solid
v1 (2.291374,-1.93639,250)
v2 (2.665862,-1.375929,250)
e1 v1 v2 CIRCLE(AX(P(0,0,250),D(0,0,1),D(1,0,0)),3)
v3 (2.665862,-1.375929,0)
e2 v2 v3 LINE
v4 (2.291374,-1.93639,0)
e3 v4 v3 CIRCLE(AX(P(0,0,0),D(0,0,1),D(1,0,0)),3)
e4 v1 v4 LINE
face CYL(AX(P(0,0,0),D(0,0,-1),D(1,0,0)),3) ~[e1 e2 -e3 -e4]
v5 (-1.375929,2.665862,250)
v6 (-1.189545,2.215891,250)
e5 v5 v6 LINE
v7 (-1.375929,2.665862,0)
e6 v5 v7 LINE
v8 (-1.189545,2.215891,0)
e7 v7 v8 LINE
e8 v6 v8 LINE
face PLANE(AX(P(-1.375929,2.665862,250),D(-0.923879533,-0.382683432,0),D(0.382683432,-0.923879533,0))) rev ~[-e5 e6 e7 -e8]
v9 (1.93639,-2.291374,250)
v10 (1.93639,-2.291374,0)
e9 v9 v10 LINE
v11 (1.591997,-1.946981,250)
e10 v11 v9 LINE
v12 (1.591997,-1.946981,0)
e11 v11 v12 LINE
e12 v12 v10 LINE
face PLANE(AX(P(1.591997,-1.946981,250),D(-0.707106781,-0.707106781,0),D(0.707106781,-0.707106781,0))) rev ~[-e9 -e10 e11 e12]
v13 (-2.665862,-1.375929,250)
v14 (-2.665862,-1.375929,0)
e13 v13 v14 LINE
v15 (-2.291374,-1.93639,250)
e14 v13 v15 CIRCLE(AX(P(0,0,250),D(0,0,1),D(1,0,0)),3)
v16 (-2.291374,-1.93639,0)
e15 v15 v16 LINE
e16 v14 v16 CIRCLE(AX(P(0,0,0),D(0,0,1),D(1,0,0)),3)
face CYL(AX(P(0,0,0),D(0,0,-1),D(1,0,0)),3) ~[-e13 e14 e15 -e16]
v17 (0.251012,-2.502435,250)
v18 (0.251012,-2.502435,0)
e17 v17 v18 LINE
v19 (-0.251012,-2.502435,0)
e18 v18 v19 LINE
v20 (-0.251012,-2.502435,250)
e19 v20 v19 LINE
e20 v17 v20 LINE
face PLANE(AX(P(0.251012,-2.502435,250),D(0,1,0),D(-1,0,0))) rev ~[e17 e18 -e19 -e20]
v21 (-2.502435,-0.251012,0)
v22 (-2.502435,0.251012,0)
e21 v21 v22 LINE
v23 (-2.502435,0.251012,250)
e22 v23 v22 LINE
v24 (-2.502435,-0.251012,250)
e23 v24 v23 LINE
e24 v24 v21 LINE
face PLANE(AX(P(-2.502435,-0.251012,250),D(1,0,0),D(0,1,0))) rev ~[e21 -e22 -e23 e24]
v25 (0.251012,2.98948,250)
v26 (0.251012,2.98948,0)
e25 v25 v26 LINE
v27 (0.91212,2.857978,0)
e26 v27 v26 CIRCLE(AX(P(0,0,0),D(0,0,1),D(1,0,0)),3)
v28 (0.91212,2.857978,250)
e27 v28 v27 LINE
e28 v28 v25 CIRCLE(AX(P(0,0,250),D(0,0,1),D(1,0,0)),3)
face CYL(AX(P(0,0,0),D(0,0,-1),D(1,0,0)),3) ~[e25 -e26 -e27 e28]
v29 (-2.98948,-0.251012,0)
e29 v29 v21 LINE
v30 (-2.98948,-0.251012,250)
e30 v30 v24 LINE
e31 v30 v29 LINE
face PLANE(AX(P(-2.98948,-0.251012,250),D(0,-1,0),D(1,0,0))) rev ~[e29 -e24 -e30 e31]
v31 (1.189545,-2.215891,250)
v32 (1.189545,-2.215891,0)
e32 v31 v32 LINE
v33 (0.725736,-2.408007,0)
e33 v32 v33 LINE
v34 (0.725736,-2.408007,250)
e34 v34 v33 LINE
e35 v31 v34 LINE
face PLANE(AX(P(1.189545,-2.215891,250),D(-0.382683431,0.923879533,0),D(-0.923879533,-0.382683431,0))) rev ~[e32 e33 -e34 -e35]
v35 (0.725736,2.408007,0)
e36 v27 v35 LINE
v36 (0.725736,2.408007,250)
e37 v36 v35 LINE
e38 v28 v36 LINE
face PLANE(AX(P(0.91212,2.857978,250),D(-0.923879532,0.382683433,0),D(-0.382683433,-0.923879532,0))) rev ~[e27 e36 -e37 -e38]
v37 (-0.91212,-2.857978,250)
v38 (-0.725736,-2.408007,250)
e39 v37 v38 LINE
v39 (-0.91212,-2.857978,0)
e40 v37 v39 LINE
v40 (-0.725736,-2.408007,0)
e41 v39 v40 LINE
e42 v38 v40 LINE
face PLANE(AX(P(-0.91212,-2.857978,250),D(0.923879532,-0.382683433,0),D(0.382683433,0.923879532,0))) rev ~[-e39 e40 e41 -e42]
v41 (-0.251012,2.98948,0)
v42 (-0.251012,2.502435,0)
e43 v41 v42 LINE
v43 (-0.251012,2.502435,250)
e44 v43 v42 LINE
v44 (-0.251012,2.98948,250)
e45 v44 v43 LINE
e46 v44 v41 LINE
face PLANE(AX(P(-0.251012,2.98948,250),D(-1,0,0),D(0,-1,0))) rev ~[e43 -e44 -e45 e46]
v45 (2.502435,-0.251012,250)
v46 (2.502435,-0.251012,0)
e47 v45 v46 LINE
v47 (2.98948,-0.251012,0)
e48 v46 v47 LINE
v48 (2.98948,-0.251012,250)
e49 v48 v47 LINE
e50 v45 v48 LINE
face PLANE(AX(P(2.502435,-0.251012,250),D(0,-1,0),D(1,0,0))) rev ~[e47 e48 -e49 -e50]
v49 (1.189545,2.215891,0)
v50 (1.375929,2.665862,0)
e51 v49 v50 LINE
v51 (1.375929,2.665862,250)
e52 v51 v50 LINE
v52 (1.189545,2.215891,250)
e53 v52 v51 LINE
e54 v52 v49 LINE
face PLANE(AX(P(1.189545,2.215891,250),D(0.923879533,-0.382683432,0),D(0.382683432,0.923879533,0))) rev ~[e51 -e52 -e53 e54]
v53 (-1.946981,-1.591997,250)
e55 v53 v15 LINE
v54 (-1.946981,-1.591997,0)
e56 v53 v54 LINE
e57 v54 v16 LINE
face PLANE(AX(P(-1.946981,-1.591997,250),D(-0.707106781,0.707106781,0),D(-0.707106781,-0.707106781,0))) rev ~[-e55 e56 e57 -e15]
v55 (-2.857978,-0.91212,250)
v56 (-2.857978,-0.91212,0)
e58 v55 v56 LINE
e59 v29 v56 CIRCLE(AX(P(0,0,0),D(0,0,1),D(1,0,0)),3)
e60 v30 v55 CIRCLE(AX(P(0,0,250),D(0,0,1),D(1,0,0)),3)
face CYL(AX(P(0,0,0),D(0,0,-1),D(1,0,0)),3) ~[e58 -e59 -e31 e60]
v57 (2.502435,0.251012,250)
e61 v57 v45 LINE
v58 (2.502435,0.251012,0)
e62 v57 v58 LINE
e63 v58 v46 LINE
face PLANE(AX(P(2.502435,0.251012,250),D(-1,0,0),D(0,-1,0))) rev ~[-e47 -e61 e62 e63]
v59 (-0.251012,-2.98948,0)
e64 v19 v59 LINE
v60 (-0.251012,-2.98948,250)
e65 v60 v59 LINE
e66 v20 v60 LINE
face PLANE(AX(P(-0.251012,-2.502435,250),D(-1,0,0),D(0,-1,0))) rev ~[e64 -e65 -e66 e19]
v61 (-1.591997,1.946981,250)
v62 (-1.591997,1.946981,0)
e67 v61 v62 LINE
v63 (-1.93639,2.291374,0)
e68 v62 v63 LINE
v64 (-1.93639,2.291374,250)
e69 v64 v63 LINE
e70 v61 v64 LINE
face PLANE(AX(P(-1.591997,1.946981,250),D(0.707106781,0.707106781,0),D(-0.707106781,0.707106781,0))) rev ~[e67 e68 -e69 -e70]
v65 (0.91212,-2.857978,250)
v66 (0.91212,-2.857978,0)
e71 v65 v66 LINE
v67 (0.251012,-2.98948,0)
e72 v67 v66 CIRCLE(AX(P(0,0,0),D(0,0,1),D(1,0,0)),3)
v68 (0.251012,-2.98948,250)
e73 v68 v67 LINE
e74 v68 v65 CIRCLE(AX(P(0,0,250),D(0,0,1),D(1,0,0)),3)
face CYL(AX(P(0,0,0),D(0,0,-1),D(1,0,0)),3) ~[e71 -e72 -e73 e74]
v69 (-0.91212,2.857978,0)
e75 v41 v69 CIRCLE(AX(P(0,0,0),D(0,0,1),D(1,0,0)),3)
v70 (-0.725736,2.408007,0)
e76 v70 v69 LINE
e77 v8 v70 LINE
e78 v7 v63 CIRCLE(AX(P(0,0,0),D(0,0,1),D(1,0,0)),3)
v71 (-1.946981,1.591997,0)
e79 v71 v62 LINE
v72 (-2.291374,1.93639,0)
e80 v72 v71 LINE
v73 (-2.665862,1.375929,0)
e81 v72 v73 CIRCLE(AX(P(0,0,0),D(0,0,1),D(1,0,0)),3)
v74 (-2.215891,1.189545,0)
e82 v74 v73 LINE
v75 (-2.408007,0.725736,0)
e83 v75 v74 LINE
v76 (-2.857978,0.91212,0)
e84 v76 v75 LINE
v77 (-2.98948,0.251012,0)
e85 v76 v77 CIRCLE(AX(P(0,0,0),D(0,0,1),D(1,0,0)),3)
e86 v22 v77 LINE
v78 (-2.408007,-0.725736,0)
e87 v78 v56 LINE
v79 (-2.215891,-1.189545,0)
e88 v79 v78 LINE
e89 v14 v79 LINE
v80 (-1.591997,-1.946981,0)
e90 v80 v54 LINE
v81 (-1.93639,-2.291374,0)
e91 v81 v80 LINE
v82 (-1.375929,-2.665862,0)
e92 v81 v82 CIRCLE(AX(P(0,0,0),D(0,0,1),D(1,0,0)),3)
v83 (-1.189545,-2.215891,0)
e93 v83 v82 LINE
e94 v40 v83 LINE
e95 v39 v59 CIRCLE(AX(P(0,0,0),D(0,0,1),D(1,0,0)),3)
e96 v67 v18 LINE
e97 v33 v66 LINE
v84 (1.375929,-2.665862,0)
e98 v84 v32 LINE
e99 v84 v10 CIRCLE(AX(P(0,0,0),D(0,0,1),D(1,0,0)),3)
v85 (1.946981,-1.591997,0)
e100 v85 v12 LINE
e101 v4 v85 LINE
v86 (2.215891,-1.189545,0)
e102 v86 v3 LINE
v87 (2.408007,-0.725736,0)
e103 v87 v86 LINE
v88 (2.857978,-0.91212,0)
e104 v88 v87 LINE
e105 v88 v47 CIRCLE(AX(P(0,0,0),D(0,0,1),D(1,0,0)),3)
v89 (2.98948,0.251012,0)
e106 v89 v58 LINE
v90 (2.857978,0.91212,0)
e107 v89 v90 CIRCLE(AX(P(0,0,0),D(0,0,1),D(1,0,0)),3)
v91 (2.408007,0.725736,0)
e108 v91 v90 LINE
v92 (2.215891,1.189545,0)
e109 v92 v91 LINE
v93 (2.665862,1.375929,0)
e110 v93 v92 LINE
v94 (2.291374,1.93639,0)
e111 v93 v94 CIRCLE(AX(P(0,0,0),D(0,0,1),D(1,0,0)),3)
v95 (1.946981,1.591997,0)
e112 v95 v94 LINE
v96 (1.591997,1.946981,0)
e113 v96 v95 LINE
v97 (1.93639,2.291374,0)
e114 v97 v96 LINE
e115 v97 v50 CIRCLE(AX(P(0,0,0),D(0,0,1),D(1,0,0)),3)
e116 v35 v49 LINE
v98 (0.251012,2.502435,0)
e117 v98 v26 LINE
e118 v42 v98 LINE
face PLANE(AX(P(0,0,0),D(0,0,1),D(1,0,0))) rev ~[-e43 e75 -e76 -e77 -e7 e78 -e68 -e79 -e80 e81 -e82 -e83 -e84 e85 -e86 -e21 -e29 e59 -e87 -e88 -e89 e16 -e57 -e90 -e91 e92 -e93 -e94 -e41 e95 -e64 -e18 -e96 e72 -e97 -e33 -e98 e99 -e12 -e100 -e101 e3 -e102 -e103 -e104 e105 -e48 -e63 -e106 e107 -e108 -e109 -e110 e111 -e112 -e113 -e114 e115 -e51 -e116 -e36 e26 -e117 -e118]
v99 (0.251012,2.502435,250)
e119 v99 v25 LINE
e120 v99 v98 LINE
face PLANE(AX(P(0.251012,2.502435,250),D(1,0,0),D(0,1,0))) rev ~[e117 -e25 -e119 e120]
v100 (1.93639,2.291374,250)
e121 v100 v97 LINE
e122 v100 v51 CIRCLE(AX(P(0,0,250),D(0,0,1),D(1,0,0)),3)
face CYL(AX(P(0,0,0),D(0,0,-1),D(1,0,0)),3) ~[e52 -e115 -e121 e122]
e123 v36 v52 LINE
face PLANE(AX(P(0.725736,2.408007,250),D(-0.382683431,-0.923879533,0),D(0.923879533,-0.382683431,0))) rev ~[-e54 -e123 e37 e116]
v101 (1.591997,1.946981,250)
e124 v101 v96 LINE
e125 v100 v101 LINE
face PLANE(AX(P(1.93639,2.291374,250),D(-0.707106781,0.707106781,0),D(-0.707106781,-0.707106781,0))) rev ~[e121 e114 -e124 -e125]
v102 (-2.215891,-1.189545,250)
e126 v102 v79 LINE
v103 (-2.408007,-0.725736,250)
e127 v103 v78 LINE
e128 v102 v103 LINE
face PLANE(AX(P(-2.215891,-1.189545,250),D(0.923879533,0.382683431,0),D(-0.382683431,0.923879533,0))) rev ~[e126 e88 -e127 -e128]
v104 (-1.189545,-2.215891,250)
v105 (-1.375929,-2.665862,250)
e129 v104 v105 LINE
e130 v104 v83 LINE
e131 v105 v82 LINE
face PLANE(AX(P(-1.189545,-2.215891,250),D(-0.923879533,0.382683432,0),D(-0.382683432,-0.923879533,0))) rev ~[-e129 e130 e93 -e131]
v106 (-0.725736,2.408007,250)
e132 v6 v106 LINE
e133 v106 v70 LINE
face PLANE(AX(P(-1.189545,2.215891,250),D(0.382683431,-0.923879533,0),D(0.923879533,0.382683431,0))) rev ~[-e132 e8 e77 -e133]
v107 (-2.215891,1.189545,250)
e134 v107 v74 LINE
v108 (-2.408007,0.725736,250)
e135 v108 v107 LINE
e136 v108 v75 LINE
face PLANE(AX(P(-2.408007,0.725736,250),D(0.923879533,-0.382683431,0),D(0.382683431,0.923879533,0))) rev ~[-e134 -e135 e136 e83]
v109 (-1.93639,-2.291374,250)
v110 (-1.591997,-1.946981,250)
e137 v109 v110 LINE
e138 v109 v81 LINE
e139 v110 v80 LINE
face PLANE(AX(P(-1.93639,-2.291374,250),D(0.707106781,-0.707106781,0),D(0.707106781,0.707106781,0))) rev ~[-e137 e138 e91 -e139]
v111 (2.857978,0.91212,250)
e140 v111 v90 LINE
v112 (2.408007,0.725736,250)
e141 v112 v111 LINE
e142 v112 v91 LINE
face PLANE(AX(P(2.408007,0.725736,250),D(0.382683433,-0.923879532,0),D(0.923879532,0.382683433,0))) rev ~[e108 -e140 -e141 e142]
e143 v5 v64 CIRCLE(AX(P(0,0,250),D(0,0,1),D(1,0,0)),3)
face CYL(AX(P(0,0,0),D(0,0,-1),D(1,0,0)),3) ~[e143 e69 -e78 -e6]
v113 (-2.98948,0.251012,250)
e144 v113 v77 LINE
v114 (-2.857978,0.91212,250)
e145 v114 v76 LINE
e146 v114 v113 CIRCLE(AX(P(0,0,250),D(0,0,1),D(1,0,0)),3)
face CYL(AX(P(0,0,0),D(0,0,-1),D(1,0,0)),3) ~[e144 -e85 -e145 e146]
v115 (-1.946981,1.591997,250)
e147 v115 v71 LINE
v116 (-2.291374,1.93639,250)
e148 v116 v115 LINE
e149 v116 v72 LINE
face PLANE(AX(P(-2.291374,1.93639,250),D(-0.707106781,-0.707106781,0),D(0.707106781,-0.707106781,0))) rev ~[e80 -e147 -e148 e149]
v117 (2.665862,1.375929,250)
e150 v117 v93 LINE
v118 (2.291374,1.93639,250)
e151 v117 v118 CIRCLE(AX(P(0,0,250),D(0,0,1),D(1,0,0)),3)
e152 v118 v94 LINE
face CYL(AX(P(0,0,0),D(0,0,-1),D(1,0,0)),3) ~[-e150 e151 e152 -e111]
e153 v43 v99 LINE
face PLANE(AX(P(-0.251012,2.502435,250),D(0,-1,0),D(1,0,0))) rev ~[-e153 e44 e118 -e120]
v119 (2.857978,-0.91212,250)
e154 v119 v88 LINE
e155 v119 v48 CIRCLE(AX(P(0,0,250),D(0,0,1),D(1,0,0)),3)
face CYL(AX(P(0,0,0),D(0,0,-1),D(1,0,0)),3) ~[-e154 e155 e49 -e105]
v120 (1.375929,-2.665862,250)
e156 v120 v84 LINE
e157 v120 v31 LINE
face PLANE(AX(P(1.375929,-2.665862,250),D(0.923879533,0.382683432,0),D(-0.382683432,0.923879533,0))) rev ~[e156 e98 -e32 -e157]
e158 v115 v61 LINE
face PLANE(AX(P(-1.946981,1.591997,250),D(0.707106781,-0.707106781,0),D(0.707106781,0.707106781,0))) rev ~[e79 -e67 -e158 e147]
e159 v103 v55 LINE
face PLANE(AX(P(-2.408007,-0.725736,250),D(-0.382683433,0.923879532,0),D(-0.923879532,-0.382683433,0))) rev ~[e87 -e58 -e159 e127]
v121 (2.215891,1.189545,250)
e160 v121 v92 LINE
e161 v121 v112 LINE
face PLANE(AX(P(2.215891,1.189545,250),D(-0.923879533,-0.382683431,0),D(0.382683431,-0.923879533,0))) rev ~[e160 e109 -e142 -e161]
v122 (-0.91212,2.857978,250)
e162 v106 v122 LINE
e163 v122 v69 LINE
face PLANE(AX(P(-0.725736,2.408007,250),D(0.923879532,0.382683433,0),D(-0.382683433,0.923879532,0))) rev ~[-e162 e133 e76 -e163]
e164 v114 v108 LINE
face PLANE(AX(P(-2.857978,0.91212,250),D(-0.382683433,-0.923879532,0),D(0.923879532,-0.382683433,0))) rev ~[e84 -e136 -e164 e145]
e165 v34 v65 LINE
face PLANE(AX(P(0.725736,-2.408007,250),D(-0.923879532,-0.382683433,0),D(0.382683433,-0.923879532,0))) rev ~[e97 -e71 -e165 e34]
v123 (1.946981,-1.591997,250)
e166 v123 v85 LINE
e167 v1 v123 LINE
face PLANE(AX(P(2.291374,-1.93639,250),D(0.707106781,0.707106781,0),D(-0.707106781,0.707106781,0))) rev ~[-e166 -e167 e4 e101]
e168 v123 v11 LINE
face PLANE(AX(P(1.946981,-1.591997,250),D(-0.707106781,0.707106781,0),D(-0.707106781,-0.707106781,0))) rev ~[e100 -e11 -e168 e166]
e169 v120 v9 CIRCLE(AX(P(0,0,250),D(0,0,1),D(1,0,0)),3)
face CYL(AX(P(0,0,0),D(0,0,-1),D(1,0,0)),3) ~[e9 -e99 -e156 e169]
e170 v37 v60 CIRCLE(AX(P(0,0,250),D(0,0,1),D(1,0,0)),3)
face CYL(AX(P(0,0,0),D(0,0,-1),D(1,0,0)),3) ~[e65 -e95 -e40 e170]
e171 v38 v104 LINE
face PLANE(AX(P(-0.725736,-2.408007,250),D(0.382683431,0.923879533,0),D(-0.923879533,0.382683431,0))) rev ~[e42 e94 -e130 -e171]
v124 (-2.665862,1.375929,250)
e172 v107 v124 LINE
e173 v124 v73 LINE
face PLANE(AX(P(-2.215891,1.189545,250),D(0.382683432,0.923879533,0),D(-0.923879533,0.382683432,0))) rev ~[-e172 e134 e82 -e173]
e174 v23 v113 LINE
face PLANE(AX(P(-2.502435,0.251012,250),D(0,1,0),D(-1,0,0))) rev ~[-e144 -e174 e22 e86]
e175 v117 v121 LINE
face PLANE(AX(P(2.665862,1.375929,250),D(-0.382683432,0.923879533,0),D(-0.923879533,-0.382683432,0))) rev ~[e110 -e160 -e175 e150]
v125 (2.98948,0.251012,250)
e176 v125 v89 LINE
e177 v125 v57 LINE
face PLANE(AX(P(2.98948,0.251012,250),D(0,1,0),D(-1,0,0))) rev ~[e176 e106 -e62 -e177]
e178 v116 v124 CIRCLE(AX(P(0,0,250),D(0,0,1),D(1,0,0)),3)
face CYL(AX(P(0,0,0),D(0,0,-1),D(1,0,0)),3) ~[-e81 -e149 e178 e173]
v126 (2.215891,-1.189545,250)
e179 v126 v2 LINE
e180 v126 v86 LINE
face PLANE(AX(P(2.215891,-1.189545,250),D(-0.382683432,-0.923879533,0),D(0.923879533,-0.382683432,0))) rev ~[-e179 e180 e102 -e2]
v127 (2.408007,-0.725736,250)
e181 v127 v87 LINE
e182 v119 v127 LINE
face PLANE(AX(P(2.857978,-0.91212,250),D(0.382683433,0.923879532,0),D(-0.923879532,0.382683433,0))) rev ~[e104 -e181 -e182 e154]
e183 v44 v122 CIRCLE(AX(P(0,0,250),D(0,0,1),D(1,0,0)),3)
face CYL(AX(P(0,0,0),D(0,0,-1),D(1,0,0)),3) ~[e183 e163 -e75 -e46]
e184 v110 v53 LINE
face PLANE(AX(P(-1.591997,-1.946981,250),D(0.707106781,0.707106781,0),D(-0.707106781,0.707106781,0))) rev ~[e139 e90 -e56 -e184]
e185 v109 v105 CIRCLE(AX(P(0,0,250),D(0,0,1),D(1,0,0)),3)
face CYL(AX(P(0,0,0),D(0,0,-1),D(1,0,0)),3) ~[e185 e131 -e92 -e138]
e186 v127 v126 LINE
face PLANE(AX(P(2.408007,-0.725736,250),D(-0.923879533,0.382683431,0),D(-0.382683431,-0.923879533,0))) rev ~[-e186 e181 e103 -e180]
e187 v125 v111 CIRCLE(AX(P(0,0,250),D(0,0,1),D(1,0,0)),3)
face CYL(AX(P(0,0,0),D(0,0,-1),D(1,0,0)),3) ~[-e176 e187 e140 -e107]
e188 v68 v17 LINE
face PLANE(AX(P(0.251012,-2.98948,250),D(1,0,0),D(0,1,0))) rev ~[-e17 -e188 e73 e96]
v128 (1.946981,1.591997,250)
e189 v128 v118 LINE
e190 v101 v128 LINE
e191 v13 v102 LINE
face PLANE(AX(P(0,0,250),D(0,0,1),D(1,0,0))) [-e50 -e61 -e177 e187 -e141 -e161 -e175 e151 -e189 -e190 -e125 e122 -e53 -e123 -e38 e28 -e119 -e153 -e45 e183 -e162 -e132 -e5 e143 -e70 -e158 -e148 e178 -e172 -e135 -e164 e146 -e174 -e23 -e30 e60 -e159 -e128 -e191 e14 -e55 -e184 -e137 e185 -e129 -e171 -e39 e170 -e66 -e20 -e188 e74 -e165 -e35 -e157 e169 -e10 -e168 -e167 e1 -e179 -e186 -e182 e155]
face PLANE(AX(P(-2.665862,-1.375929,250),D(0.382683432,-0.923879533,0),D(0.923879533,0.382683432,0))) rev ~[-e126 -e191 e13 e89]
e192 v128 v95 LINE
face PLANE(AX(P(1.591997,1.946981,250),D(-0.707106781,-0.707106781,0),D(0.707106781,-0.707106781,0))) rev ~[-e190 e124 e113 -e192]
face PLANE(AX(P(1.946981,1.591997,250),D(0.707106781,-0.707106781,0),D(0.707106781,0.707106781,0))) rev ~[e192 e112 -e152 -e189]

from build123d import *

# Parameters (mm, degrees)
SKETCH1_R           = 3
BOSS_EXTRUDE1_DEPTH = 250
CUT_EXTRUDE2_DEPTH  = 251.035997408


with BuildPart() as part:
    # Sketch1 → Boss-Extrude1 (new body)
    with BuildSketch(Plane.XY):
        Circle(SKETCH1_R)
    extrude(amount=BOSS_EXTRUDE1_DEPTH)

    # Sketch2 → Cut-Extrude2 (cut, through all)
    with BuildSketch(Plane.XY.offset(250)):
        with BuildLine():
            ThreePointArc((2.857977755, 0.912120142), (2.771638598, 1.148050297), (2.665861788, 1.375929113))
            Line((2.665861788, 1.375929113), (2.21589064, 1.189544961))
            Line((2.21589064, 1.189544961), (2.408006606, 0.725735989))
            Line((2.408006606, 0.725735989), (2.857977755, 0.912120142))
        make_face()
        with BuildLine():
            ThreePointArc((2.291373885, 1.936389867), (2.121320344, 2.121320344), (1.936389867, 2.291373885))
            Line((1.936389867, 2.291373885), (1.59199686, 1.946980878))
            Line((1.59199686, 1.946980878), (1.946980878, 1.59199686))
            Line((1.946980878, 1.59199686), (2.291373885, 1.936389867))
        make_face()
        with BuildLine():
            ThreePointArc((0.251011607, 2.989480419), (0.125615971, 2.997368951), (0, 3))
            Line((0, 3), (0, 2.502435157))
            Line((0, 2.502435157), (0.251011607, 2.502435157))
            Line((0.251011607, 2.502435157), (0.251011607, 2.989480419))
        make_face()
        with BuildLine():
            Line((0, 2.502435157), (0, 3))
            ThreePointArc((0, 3), (-0.125615971, 2.997368951), (-0.251011607, 2.989480419))
            Line((-0.251011607, 2.989480419), (-0.251011607, 2.502435157))
            Line((-0.251011607, 2.502435157), (0, 2.502435157))
        make_face()
        with BuildLine():
            Line((-0.725735989, 2.408006606), (-0.912120142, 2.857977755))
            ThreePointArc((-0.912120142, 2.857977755), (-1.148050297, 2.771638598), (-1.375929113, 2.665861788))
            Line((-1.375929113, 2.665861788), (-1.189544961, 2.21589064))
            Line((-1.189544961, 2.21589064), (-0.725735989, 2.408006606))
        make_face()
        with BuildLine():
            Line((-1.59199686, 1.946980878), (-1.936389867, 2.291373885))
            ThreePointArc((-1.936389867, 2.291373885), (-2.121320344, 2.121320344), (-2.291373885, 1.936389867))
            Line((-2.291373885, 1.936389867), (-1.946980878, 1.59199686))
            Line((-1.946980878, 1.59199686), (-1.59199686, 1.946980878))
        make_face()
        with BuildLine():
            Line((-2.21589064, 1.189544961), (-2.665861788, 1.375929113))
            ThreePointArc((-2.665861788, 1.375929113), (-2.771638598, 1.148050297), (-2.857977755, 0.912120142))
            Line((-2.857977755, 0.912120142), (-2.408006606, 0.725735989))
            Line((-2.408006606, 0.725735989), (-2.21589064, 1.189544961))
        make_face()
        with BuildLine():
            Line((-2.502435157, 0.251011607), (-2.989480419, 0.251011607))
            ThreePointArc((-2.989480419, 0.251011607), (-3, 0), (-2.989480419, -0.251011607))
            Line((-2.989480419, -0.251011607), (-2.502435157, -0.251011607))
            Line((-2.502435157, -0.251011607), (-2.502435157, 0.251011607))
        make_face()
        with BuildLine():
            Line((-2.408006606, -0.725735989), (-2.857977755, -0.912120142))
            ThreePointArc((-2.857977755, -0.912120142), (-2.771638598, -1.148050297), (-2.665861788, -1.375929113))
            Line((-2.665861788, -1.375929113), (-2.21589064, -1.189544961))
            Line((-2.21589064, -1.189544961), (-2.408006606, -0.725735989))
        make_face()
        with BuildLine():
            Line((-1.946980878, -1.59199686), (-2.291373885, -1.936389867))
            ThreePointArc((-2.291373885, -1.936389867), (-2.121320344, -2.121320344), (-1.936389867, -2.291373885))
            Line((-1.936389867, -2.291373885), (-1.59199686, -1.946980878))
            Line((-1.59199686, -1.946980878), (-1.946980878, -1.59199686))
        make_face()
        with BuildLine():
            Line((-1.189544961, -2.21589064), (-1.375929113, -2.665861788))
            ThreePointArc((-1.375929113, -2.665861788), (-1.148050297, -2.771638598), (-0.912120142, -2.857977755))
            Line((-0.912120142, -2.857977755), (-0.725735989, -2.408006606))
            Line((-0.725735989, -2.408006606), (-1.189544961, -2.21589064))
        make_face()
        with BuildLine():
            Line((-0.251011607, -2.502435157), (-0.251011607, -2.989480419))
            ThreePointArc((-0.251011607, -2.989480419), (0, -3), (0.251011607, -2.989480419))
            Line((0.251011607, -2.989480419), (0.251011607, -2.502435157))
            Line((0.251011607, -2.502435157), (-0.251011607, -2.502435157))
        make_face()
        with BuildLine():
            ThreePointArc((0.912120142, -2.857977755), (1.148050297, -2.771638598), (1.375929113, -2.665861788))
            Line((1.375929113, -2.665861788), (1.189544961, -2.21589064))
            Line((1.189544961, -2.21589064), (0.725735989, -2.408006606))
            Line((0.725735989, -2.408006606), (0.912120142, -2.857977755))
        make_face()
        with BuildLine():
            ThreePointArc((1.936389867, -2.291373885), (2.121320344, -2.121320344), (2.291373885, -1.936389867))
            Line((2.291373885, -1.936389867), (1.946980878, -1.59199686))
            Line((1.946980878, -1.59199686), (1.59199686, -1.946980878))
            Line((1.59199686, -1.946980878), (1.936389867, -2.291373885))
        make_face()
        with BuildLine():
            ThreePointArc((2.665861788, -1.375929113), (2.771638598, -1.148050297), (2.857977755, -0.912120142))
            Line((2.857977755, -0.912120142), (2.408006606, -0.725735989))
            Line((2.408006606, -0.725735989), (2.21589064, -1.189544961))
            Line((2.21589064, -1.189544961), (2.665861788, -1.375929113))
        make_face()
        with BuildLine():
            ThreePointArc((3, 0), (2.997368951, 0.125615971), (2.989480419, 0.251011607))
            Line((2.989480419, 0.251011607), (2.502435157, 0.251011607))
            Line((2.502435157, 0.251011607), (2.502435157, -0.251011607))
            Line((2.502435157, -0.251011607), (2.989480419, -0.251011607))
            ThreePointArc((2.989480419, -0.251011607), (2.997368951, -0.125615971), (3, 0))
        make_face()
        with BuildLine():
            ThreePointArc((1.375929113, 2.665861788), (1.148050297, 2.771638598), (0.912120142, 2.857977755))
            Line((0.912120142, 2.857977755), (0.725735989, 2.408006606))
            Line((0.725735989, 2.408006606), (1.189544961, 2.21589064))
            Line((1.189544961, 2.21589064), (1.375929113, 2.665861788))
        make_face()
    extrude(amount=-CUT_EXTRUDE2_DEPTH, mode=Mode.SUBTRACT)


solid = part.part
